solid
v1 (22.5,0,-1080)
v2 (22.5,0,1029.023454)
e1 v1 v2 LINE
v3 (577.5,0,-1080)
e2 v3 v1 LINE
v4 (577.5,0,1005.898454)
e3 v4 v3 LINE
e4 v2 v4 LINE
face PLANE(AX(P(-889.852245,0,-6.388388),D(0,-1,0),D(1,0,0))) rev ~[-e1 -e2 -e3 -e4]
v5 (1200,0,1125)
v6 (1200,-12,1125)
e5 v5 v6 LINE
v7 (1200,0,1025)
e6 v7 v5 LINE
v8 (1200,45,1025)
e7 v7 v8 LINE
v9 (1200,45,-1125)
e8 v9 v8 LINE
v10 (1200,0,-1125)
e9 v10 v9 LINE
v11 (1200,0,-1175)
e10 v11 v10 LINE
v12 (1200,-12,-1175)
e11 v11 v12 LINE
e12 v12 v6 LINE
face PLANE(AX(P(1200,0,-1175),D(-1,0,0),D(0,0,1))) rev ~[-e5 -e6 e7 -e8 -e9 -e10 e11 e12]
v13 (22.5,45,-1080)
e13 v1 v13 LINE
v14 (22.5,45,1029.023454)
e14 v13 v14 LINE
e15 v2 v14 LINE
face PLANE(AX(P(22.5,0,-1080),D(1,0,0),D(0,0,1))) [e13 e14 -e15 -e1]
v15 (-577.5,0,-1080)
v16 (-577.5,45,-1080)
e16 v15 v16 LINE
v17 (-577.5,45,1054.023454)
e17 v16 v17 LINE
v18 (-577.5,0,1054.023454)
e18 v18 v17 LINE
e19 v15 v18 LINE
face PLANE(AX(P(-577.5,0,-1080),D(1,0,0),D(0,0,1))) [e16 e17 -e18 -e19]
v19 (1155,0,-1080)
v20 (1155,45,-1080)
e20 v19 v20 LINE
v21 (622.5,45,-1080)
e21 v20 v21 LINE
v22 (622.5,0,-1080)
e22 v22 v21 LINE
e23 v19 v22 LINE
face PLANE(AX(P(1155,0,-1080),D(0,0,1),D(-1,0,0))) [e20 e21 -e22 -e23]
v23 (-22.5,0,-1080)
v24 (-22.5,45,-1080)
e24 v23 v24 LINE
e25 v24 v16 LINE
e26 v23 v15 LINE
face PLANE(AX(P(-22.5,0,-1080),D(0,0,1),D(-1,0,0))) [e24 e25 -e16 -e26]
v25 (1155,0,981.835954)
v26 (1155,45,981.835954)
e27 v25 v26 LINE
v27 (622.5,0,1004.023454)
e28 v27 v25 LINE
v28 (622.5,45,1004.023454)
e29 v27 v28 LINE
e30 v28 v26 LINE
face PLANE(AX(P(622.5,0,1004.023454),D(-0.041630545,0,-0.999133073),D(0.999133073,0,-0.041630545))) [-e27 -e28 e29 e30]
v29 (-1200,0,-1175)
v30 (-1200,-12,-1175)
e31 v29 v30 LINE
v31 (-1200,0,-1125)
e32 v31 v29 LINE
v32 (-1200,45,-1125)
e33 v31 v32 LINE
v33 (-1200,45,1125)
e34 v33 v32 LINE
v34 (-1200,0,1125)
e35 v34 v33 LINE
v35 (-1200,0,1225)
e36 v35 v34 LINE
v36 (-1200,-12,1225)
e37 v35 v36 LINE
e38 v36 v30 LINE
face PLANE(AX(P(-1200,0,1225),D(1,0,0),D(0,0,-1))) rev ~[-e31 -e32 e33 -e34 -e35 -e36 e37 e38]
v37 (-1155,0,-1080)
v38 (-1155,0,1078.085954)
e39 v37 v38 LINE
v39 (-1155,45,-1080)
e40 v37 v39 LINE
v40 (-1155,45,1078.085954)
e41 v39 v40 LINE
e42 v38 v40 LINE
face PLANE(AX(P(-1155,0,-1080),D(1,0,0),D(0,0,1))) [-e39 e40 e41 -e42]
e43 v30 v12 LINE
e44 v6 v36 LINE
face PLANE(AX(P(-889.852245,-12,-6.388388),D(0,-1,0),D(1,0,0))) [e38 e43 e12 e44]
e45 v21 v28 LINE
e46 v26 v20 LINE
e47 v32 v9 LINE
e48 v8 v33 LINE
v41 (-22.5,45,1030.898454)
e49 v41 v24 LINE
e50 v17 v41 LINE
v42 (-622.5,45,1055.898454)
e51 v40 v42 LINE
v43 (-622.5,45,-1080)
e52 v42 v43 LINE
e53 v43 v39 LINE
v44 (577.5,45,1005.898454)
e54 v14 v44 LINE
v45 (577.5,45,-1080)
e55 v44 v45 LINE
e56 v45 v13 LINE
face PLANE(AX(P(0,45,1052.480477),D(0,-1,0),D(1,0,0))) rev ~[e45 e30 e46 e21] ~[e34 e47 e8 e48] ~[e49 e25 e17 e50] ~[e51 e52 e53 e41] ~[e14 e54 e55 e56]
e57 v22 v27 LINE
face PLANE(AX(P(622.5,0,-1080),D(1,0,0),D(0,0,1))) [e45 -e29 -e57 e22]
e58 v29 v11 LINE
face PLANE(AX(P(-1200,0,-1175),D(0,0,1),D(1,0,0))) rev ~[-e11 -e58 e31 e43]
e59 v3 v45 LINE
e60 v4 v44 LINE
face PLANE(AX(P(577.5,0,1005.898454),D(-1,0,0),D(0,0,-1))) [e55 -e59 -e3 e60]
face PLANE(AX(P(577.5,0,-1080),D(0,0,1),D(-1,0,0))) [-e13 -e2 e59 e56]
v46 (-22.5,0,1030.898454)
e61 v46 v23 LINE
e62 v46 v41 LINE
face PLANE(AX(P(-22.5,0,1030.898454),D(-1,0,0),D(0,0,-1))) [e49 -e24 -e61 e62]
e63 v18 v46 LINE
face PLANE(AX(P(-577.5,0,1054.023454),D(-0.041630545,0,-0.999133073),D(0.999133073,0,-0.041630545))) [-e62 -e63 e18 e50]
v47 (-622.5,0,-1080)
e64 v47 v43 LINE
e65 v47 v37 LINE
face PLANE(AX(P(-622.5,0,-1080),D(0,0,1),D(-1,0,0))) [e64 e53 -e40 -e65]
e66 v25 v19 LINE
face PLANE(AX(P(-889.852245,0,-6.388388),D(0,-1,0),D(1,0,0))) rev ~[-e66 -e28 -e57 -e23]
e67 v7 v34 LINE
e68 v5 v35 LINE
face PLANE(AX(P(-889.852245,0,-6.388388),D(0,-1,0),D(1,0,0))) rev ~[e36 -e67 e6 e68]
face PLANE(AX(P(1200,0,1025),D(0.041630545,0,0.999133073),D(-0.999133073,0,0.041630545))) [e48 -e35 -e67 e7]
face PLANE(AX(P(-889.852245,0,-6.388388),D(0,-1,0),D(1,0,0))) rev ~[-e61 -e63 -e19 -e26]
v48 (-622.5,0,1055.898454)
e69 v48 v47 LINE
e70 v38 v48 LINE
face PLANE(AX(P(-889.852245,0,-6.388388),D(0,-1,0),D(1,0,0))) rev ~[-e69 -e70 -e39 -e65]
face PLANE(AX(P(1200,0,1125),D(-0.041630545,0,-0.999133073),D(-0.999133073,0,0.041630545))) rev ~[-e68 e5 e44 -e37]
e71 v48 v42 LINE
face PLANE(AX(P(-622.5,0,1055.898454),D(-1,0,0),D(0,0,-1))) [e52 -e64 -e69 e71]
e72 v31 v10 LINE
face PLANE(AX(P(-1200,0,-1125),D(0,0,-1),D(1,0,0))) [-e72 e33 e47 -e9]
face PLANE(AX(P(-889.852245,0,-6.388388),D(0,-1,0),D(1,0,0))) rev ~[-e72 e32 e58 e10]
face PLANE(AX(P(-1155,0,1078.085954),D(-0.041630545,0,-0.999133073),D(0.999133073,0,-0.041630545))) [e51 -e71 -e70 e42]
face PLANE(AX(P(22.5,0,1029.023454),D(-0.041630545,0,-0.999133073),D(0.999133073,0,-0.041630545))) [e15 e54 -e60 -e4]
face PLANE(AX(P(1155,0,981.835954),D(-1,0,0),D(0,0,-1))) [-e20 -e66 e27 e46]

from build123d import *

# Parameters (mm, degrees)
F1_DEPTH = 45
F0_W     = 2400
F0_H     = 50
F2_DEPTH = 12


with BuildPart() as f1:
    # F0 (on Front) → F1 (new body)
    with BuildSketch(Plane.XZ):
        Polygon((1155, 981.835954), (1200, 979.960954), (1200, 1025), (-1200, 1125), (-1200, 1079.960954), (-1155, 1078.085954), (-622.5, 1055.898454), (-577.5, 1054.023454), (-22.5, 1030.898454), (22.5, 1029.023454), (577.5, 1005.898454), (622.5, 1004.023454), align=None)
        Polygon((-1200, 1079.960954), (-1200, -1080), (-1155, -1080), (-1155, 1078.085954), align=None)
        Polygon((-622.5, 1055.898454), (-622.5, -1080), (-577.5, -1080), (-577.5, 1054.023454), align=None)
        Polygon((-22.5, -1080), (22.5, -1080), (22.5, 1029.023454), (-22.5, 1030.898454), align=None)
        Polygon((577.5, -1080), (622.5, -1080), (622.5, 1004.023454), (577.5, 1005.898454), align=None)
        Polygon((1155, -1080), (1200, -1080), (1200, 979.960954), (1155, 981.835954), align=None)
        Polygon((-1200, -1125), (1200, -1125), (1200, -1080), (1155, -1080), (622.5, -1080), (577.5, -1080), (22.5, -1080), (-22.5, -1080), (-577.5, -1080), (-622.5, -1080), (-1155, -1080), (-1200, -1080), align=None)
    extrude(amount=-F1_DEPTH)

    # F0 (on Front) → F2 (join)
    with BuildSketch(Plane.XZ):
        Polygon((-1155, 1078.085954), (-1155, -1080), (-622.5, -1080), (-622.5, 1055.898454), align=None)
        Polygon((-577.5, 1054.023454), (-577.5, -1080), (-22.5, -1080), (-22.5, 1030.898454), align=None)
        Polygon((22.5, -1080), (577.5, -1080), (577.5, 1005.898454), (22.5, 1029.023454), align=None)
        Polygon((622.5, -1080), (1155, -1080), (1155, 981.835954), (622.5, 1004.023454), align=None)
        Polygon((-1200, 1125), (1200, 1025), (1200, 1125), (-1200, 1225), align=None)
        Polygon((1155, 981.835954), (1200, 979.960954), (1200, 1025), (-1200, 1125), (-1200, 1079.960954), (-1155, 1078.085954), (-622.5, 1055.898454), (-577.5, 1054.023454), (-22.5, 1030.898454), (22.5, 1029.023454), (577.5, 1005.898454), (622.5, 1004.023454), align=None)
        Polygon((-1200, 1079.960954), (-1200, -1080), (-1155, -1080), (-1155, 1078.085954), align=None)
        Polygon((-622.5, 1055.898454), (-622.5, -1080), (-577.5, -1080), (-577.5, 1054.023454), align=None)
        Polygon((-22.5, -1080), (22.5, -1080), (22.5, 1029.023454), (-22.5, 1030.898454), align=None)
        Polygon((577.5, -1080), (622.5, -1080), (622.5, 1004.023454), (577.5, 1005.898454), align=None)
        Polygon((1155, -1080), (1200, -1080), (1200, 979.960954), (1155, 981.835954), align=None)
        Polygon((-1200, -1125), (1200, -1125), (1200, -1080), (1155, -1080), (622.5, -1080), (577.5, -1080), (22.5, -1080), (-22.5, -1080), (-577.5, -1080), (-622.5, -1080), (-1155, -1080), (-1200, -1080), align=None)
        with Locations((0, -1150)):
            Rectangle(F0_W, F0_H)
    extrude(amount=F2_DEPTH)


solid = f1.part
